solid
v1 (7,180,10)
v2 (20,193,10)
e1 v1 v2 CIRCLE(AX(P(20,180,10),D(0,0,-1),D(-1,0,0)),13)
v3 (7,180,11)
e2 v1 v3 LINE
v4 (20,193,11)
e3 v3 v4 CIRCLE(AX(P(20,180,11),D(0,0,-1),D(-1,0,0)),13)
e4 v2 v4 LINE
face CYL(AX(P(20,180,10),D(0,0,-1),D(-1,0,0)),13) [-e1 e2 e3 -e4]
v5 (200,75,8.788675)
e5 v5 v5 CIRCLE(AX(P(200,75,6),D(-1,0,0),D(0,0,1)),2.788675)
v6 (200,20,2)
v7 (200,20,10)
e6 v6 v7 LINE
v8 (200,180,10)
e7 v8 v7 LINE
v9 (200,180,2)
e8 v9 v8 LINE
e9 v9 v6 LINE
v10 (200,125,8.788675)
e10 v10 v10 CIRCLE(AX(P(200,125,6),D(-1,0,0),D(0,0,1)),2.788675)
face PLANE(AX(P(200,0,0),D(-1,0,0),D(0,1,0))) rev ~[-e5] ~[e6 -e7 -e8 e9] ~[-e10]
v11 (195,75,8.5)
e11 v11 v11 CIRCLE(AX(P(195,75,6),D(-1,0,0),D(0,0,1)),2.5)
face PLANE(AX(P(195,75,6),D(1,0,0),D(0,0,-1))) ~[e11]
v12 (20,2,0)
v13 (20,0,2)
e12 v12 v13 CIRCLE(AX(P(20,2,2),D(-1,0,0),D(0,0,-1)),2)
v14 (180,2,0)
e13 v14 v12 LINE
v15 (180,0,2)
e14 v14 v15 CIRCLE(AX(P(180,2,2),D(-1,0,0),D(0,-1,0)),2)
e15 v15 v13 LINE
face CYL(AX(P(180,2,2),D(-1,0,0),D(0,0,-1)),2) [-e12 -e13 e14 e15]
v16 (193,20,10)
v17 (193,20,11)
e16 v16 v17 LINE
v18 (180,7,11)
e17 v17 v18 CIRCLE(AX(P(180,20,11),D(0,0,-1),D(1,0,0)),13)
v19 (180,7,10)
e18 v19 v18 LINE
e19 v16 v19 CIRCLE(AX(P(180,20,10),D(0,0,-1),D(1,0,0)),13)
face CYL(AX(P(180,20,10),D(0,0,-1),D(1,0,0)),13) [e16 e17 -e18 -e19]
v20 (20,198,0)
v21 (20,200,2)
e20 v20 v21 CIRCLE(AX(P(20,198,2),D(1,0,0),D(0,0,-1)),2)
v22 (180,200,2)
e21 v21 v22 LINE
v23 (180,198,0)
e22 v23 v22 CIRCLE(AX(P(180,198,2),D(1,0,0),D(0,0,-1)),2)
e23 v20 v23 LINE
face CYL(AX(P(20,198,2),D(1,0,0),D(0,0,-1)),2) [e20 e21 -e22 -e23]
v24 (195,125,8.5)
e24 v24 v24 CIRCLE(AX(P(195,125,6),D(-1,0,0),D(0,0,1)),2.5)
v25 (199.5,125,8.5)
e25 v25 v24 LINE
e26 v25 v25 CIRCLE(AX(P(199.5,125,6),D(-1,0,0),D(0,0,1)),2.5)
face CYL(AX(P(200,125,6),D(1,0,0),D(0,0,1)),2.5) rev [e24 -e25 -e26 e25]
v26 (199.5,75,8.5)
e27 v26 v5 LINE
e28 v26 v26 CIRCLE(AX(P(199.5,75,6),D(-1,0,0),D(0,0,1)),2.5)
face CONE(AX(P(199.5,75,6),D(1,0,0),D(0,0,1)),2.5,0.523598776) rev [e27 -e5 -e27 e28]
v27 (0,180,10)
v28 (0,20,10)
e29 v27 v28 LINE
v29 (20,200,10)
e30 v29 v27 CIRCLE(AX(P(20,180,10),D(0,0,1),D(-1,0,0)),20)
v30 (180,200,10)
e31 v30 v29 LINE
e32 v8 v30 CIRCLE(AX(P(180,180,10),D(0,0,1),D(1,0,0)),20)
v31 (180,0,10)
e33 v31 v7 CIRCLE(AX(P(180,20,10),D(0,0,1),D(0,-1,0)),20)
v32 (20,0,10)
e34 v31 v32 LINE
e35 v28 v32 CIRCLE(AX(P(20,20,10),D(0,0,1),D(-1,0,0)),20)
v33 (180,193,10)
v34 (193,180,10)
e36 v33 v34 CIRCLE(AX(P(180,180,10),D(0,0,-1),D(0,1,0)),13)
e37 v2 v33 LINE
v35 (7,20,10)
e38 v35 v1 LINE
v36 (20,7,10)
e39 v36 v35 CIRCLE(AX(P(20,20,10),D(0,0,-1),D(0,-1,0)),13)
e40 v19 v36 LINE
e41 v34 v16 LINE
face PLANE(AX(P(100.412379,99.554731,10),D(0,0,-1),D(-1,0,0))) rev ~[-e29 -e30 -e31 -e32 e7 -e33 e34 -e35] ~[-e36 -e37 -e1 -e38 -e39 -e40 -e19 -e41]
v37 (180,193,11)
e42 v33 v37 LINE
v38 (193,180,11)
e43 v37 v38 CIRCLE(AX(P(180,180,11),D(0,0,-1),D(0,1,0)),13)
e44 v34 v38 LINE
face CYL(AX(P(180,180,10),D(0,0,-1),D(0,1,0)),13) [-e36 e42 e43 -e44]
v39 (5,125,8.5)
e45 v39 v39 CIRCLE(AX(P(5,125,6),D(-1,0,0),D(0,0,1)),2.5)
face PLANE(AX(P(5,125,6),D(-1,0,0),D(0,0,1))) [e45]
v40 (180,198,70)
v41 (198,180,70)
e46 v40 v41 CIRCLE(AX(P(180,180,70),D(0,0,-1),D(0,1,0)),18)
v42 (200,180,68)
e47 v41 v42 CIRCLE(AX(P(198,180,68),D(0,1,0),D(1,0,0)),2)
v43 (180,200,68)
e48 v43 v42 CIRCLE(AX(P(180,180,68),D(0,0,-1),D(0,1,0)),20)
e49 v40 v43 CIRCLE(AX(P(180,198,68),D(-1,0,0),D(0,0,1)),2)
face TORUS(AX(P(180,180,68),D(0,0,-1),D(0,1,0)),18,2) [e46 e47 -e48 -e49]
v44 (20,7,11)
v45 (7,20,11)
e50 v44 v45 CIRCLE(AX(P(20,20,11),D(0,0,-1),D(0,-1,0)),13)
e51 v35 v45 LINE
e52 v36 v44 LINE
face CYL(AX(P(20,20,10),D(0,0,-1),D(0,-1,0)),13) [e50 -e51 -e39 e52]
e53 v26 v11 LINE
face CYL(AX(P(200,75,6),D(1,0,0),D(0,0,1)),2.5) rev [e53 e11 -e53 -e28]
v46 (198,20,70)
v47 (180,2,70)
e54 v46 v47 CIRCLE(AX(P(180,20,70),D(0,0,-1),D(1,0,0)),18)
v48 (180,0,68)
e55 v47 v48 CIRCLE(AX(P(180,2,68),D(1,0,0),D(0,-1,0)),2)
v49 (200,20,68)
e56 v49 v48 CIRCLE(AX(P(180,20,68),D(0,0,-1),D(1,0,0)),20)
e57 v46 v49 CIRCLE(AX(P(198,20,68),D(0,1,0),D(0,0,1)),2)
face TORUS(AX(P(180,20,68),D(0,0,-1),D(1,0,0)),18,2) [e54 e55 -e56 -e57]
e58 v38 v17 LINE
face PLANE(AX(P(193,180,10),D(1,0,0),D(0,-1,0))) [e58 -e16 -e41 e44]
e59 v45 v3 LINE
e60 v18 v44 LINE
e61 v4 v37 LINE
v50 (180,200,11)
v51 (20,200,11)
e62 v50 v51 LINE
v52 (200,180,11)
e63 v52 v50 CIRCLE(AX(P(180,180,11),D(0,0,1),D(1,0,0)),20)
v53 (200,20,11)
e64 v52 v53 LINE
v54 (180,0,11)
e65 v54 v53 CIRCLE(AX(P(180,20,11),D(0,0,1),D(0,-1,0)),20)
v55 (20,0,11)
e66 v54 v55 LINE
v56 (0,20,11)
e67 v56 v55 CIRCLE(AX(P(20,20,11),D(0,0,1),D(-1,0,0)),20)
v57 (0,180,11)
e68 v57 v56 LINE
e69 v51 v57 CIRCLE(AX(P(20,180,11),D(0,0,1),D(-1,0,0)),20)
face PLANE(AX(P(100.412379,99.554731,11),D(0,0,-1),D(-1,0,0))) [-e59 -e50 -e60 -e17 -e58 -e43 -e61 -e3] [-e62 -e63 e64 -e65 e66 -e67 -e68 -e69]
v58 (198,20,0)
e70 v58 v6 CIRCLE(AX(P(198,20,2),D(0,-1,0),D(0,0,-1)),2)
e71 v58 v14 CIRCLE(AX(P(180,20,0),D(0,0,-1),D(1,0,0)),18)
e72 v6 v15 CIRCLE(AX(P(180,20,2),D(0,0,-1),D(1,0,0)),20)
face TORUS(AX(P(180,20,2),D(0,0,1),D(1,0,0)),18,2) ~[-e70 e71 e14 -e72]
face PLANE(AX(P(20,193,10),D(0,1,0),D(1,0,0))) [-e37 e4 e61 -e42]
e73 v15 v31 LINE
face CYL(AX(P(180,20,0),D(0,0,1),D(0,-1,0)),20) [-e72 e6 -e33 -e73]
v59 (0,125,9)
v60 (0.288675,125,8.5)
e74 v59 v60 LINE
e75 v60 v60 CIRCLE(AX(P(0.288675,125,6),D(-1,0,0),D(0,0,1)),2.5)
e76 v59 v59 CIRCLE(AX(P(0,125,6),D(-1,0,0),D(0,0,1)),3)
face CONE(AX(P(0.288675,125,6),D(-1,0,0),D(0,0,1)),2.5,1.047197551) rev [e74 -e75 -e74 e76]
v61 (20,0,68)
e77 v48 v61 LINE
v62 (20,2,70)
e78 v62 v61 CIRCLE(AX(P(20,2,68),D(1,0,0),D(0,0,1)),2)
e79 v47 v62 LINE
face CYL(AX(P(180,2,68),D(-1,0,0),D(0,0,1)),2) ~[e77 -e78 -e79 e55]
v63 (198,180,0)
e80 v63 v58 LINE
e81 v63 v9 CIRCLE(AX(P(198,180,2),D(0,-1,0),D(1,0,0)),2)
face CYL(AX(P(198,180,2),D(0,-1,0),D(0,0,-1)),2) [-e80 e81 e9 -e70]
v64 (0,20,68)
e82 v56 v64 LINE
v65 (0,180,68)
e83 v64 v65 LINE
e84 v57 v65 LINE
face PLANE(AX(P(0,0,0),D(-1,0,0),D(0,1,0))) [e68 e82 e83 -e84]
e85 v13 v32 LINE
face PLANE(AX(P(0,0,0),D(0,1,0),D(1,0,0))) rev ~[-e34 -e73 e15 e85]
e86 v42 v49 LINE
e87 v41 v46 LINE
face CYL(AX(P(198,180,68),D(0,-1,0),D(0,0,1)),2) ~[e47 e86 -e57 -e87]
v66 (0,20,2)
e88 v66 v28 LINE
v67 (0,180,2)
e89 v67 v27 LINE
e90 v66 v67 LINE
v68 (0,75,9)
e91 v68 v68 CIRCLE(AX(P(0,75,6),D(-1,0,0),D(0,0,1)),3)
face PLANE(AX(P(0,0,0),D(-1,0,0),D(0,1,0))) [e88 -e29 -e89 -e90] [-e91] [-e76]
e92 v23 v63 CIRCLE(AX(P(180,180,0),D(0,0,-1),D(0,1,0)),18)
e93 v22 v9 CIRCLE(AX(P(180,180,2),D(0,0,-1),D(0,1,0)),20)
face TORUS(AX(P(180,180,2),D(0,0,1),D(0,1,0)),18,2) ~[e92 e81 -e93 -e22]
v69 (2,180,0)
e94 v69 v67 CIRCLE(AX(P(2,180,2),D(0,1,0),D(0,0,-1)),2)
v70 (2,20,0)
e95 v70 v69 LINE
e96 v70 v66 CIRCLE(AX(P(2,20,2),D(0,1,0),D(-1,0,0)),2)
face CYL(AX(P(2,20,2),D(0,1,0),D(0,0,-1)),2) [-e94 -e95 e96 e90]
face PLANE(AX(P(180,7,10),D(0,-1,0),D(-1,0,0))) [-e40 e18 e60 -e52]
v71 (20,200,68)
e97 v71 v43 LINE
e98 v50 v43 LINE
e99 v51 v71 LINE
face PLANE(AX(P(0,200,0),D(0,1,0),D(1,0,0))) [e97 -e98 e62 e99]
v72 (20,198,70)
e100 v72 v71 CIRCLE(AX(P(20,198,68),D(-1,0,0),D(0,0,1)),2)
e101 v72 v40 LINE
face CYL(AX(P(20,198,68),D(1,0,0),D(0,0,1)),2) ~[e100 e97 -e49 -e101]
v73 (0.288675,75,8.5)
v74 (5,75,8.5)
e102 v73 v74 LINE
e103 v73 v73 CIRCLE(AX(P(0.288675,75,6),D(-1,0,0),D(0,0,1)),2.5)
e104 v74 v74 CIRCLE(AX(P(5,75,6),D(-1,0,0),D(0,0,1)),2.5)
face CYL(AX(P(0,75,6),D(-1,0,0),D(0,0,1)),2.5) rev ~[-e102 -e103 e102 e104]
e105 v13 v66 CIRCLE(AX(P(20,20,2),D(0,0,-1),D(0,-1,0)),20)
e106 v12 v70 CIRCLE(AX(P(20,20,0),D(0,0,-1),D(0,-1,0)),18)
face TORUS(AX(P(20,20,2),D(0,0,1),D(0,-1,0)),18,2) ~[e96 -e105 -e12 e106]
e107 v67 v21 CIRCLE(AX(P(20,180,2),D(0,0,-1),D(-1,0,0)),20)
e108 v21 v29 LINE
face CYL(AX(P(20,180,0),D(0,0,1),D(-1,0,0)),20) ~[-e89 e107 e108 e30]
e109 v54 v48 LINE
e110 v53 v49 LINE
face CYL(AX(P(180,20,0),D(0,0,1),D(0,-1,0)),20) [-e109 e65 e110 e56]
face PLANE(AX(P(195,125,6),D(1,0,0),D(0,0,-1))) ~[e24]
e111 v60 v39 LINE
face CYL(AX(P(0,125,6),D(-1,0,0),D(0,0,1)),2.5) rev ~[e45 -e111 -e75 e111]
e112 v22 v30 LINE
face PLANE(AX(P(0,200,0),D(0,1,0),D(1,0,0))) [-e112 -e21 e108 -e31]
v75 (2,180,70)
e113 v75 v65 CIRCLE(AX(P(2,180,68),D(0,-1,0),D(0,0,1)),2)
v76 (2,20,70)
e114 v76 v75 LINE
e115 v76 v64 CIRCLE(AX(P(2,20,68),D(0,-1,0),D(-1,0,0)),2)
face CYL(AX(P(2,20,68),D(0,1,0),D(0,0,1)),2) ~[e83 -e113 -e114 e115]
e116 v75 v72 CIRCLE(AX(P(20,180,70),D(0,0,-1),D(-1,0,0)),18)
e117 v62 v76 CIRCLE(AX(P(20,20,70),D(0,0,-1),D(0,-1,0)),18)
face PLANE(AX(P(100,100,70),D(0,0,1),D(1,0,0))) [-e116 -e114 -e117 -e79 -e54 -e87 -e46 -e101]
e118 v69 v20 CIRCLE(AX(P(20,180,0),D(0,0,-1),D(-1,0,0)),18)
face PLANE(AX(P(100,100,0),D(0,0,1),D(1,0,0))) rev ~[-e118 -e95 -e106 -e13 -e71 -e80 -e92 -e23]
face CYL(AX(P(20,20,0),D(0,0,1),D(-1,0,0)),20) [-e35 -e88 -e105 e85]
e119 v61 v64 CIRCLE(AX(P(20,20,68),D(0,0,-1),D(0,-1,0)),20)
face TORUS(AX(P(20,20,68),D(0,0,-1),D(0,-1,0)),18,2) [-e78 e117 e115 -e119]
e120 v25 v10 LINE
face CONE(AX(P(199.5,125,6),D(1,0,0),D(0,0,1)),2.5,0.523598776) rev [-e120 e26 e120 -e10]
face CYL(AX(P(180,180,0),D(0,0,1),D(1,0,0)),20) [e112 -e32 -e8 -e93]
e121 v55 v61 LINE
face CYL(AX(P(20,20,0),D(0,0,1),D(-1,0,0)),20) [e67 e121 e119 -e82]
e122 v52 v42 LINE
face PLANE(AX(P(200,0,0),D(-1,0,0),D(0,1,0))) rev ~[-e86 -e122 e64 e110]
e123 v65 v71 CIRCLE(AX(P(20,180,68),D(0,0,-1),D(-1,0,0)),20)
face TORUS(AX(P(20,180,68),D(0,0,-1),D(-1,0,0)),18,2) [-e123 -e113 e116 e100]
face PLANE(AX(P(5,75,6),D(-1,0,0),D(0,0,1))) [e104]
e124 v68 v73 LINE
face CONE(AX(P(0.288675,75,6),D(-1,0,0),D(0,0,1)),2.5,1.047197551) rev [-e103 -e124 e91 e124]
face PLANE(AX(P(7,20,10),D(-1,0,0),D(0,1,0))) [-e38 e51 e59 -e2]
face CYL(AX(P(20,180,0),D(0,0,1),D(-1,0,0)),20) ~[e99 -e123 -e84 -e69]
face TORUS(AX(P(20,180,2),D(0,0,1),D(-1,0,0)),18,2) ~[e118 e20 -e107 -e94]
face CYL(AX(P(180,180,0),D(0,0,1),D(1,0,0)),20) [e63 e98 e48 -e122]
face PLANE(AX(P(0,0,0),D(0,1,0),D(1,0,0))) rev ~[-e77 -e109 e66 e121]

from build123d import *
from OCP.BRepFilletAPI import BRepFilletAPI_MakeChamfer

# Parameters (mm, degrees)
SKETCH1_W           = 200
SKETCH1_H           = 200
BOSS_EXTRUDE1_DEPTH = 70
FILLET1_R           = 20
FILLET2_R           = 2
SKETCH2_W           = 230.455547831
SKETCH2_H           = 230.807926345
CUT_EXTRUDE1_DEPTH  = 1
SKETCH3_R           = 2.5
CUT_EXTRUDE2_DEPTH  = 5
CHAMFER1_SIZE       = 0.5
CHAMFER1_SIZE2      = 0.288675135
CHAMFER2_SIZE       = 0.5
CHAMFER2_SIZE2      = 0.288675135


with BuildPart() as part:
    # Sketch1 → Boss-Extrude1 (new body)
    with BuildSketch(Plane.XY):
        with Locations((100, 100)):
            Rectangle(SKETCH1_W, SKETCH1_H)
    extrude(amount=BOSS_EXTRUDE1_DEPTH)

    # Fillet1
    fillet1_edges = [part.edges().sort_by_distance(p)[0] for p in [
        (0, 0, 35),
        (200, 0, 35),
        (200, 200, 35),
        (0, 200, 35),
    ]]
    fillet(fillet1_edges, radius=FILLET1_R)

    # Fillet2
    fillet2_edges = [part.edges().sort_by_distance(p)[0] for p in [
        (100, 200, 0),
        (100, 200, 70),
        (0, 100, 0),
        (200, 100, 0),
        (100, 0, 0),
        (5.857864376, 5.857864376, 0),
        (5.857864376, 194.142135624, 0),
        (194.142135624, 5.857864376, 0),
        (194.142135624, 194.142135624, 0),
        (200, 100, 70),
        (0, 100, 70),
        (100, 0, 70),
        (5.857864376, 5.857864376, 70),
        (5.857864376, 194.142135624, 70),
        (194.142135624, 5.857864376, 70),
        (194.142135624, 194.142135624, 70),
    ]]
    fillet(fillet2_edges, radius=FILLET2_R)

    # Sketch2 → Cut-Extrude1 (cut)
    with BuildSketch(Plane(origin=(0, 0, 10), x_dir=(-1, 0, 0), z_dir=(0, 0, -1))):
        with Locations((-100.412379168, 99.554731442)):
            Rectangle(SKETCH2_W, SKETCH2_H)
        with BuildLine():
            Line((-7, 20), (-7, 180))
            ThreePointArc((-7, 180), (-10.807611845, 189.192388155), (-20, 193))
            Line((-20, 193), (-180, 193))
            ThreePointArc((-180, 193), (-189.192388155, 189.192388155), (-193, 180))
            Line((-193, 180), (-193, 20))
            ThreePointArc((-193, 20), (-189.192388155, 10.807611845), (-180, 7))
            Line((-180, 7), (-20, 7))
            ThreePointArc((-20, 7), (-10.807611845, 10.807611845), (-7, 20))
        make_face(mode=Mode.SUBTRACT)
    extrude(amount=-CUT_EXTRUDE1_DEPTH, mode=Mode.SUBTRACT)

    # Sketch3 → Cut-Extrude2 (cut)
    with BuildSketch(Plane.ZY):
        with Locations((6, 125)):
            Circle(SKETCH3_R)
        with Locations((6, 75)):
            Circle(SKETCH3_R)
    cut_extrude2 = extrude(amount=-CUT_EXTRUDE2_DEPTH, mode=Mode.SUBTRACT)

    # Chamfer1
    chamfer1_edges = [part.edges().sort_by_distance(p)[0] for p in [
        (0, 125, 3.5),
        (0, 75, 3.5),
    ]]
    chamfer1_side = [part.faces().sort_by_distance(p)[0] for p in [
        (0, 100, 6),
    ]]
    chamfer(chamfer1_edges, length=CHAMFER1_SIZE, length2=CHAMFER1_SIZE2, reference=chamfer1_side[0])

    # Mirror2: Cut-Extrude2 across plane
    add(cut_extrude2.mirror(Plane.ZY.offset(-100)), mode=Mode.SUBTRACT)

    # Chamfer2: one chamfer whose edges measure the first distance from different faces: ONE call of the kernel's chamfer builder (chamfer() names one face for all edges)
    chamfer2_edges_1 = [part.edges().sort_by_distance(p)[0] for p in [
        (200, 125, 3.5),
    ]]
    chamfer2_side_1 = [part.faces().sort_by_distance(p)[0] for p in [
        (197.5, 125, 3.5),
    ]]
    chamfer2_edges_2 = [part.edges().sort_by_distance(p)[0] for p in [
        (200, 75, 3.5),
    ]]
    chamfer2_side_2 = [part.faces().sort_by_distance(p)[0] for p in [
        (197.5, 75, 3.5),
    ]]
    chamfer2 = BRepFilletAPI_MakeChamfer(part.part.solid().wrapped)
    for e in chamfer2_edges_1:
        chamfer2.Add(CHAMFER2_SIZE, CHAMFER2_SIZE2, e.wrapped, chamfer2_side_1[0].wrapped)  # the first distance lies on this face
    for e in chamfer2_edges_2:
        chamfer2.Add(CHAMFER2_SIZE, CHAMFER2_SIZE2, e.wrapped, chamfer2_side_2[0].wrapped)  # the first distance lies on this face
    add(Compound.cast(chamfer2.Shape()), mode=Mode.REPLACE)


solid = part.part
